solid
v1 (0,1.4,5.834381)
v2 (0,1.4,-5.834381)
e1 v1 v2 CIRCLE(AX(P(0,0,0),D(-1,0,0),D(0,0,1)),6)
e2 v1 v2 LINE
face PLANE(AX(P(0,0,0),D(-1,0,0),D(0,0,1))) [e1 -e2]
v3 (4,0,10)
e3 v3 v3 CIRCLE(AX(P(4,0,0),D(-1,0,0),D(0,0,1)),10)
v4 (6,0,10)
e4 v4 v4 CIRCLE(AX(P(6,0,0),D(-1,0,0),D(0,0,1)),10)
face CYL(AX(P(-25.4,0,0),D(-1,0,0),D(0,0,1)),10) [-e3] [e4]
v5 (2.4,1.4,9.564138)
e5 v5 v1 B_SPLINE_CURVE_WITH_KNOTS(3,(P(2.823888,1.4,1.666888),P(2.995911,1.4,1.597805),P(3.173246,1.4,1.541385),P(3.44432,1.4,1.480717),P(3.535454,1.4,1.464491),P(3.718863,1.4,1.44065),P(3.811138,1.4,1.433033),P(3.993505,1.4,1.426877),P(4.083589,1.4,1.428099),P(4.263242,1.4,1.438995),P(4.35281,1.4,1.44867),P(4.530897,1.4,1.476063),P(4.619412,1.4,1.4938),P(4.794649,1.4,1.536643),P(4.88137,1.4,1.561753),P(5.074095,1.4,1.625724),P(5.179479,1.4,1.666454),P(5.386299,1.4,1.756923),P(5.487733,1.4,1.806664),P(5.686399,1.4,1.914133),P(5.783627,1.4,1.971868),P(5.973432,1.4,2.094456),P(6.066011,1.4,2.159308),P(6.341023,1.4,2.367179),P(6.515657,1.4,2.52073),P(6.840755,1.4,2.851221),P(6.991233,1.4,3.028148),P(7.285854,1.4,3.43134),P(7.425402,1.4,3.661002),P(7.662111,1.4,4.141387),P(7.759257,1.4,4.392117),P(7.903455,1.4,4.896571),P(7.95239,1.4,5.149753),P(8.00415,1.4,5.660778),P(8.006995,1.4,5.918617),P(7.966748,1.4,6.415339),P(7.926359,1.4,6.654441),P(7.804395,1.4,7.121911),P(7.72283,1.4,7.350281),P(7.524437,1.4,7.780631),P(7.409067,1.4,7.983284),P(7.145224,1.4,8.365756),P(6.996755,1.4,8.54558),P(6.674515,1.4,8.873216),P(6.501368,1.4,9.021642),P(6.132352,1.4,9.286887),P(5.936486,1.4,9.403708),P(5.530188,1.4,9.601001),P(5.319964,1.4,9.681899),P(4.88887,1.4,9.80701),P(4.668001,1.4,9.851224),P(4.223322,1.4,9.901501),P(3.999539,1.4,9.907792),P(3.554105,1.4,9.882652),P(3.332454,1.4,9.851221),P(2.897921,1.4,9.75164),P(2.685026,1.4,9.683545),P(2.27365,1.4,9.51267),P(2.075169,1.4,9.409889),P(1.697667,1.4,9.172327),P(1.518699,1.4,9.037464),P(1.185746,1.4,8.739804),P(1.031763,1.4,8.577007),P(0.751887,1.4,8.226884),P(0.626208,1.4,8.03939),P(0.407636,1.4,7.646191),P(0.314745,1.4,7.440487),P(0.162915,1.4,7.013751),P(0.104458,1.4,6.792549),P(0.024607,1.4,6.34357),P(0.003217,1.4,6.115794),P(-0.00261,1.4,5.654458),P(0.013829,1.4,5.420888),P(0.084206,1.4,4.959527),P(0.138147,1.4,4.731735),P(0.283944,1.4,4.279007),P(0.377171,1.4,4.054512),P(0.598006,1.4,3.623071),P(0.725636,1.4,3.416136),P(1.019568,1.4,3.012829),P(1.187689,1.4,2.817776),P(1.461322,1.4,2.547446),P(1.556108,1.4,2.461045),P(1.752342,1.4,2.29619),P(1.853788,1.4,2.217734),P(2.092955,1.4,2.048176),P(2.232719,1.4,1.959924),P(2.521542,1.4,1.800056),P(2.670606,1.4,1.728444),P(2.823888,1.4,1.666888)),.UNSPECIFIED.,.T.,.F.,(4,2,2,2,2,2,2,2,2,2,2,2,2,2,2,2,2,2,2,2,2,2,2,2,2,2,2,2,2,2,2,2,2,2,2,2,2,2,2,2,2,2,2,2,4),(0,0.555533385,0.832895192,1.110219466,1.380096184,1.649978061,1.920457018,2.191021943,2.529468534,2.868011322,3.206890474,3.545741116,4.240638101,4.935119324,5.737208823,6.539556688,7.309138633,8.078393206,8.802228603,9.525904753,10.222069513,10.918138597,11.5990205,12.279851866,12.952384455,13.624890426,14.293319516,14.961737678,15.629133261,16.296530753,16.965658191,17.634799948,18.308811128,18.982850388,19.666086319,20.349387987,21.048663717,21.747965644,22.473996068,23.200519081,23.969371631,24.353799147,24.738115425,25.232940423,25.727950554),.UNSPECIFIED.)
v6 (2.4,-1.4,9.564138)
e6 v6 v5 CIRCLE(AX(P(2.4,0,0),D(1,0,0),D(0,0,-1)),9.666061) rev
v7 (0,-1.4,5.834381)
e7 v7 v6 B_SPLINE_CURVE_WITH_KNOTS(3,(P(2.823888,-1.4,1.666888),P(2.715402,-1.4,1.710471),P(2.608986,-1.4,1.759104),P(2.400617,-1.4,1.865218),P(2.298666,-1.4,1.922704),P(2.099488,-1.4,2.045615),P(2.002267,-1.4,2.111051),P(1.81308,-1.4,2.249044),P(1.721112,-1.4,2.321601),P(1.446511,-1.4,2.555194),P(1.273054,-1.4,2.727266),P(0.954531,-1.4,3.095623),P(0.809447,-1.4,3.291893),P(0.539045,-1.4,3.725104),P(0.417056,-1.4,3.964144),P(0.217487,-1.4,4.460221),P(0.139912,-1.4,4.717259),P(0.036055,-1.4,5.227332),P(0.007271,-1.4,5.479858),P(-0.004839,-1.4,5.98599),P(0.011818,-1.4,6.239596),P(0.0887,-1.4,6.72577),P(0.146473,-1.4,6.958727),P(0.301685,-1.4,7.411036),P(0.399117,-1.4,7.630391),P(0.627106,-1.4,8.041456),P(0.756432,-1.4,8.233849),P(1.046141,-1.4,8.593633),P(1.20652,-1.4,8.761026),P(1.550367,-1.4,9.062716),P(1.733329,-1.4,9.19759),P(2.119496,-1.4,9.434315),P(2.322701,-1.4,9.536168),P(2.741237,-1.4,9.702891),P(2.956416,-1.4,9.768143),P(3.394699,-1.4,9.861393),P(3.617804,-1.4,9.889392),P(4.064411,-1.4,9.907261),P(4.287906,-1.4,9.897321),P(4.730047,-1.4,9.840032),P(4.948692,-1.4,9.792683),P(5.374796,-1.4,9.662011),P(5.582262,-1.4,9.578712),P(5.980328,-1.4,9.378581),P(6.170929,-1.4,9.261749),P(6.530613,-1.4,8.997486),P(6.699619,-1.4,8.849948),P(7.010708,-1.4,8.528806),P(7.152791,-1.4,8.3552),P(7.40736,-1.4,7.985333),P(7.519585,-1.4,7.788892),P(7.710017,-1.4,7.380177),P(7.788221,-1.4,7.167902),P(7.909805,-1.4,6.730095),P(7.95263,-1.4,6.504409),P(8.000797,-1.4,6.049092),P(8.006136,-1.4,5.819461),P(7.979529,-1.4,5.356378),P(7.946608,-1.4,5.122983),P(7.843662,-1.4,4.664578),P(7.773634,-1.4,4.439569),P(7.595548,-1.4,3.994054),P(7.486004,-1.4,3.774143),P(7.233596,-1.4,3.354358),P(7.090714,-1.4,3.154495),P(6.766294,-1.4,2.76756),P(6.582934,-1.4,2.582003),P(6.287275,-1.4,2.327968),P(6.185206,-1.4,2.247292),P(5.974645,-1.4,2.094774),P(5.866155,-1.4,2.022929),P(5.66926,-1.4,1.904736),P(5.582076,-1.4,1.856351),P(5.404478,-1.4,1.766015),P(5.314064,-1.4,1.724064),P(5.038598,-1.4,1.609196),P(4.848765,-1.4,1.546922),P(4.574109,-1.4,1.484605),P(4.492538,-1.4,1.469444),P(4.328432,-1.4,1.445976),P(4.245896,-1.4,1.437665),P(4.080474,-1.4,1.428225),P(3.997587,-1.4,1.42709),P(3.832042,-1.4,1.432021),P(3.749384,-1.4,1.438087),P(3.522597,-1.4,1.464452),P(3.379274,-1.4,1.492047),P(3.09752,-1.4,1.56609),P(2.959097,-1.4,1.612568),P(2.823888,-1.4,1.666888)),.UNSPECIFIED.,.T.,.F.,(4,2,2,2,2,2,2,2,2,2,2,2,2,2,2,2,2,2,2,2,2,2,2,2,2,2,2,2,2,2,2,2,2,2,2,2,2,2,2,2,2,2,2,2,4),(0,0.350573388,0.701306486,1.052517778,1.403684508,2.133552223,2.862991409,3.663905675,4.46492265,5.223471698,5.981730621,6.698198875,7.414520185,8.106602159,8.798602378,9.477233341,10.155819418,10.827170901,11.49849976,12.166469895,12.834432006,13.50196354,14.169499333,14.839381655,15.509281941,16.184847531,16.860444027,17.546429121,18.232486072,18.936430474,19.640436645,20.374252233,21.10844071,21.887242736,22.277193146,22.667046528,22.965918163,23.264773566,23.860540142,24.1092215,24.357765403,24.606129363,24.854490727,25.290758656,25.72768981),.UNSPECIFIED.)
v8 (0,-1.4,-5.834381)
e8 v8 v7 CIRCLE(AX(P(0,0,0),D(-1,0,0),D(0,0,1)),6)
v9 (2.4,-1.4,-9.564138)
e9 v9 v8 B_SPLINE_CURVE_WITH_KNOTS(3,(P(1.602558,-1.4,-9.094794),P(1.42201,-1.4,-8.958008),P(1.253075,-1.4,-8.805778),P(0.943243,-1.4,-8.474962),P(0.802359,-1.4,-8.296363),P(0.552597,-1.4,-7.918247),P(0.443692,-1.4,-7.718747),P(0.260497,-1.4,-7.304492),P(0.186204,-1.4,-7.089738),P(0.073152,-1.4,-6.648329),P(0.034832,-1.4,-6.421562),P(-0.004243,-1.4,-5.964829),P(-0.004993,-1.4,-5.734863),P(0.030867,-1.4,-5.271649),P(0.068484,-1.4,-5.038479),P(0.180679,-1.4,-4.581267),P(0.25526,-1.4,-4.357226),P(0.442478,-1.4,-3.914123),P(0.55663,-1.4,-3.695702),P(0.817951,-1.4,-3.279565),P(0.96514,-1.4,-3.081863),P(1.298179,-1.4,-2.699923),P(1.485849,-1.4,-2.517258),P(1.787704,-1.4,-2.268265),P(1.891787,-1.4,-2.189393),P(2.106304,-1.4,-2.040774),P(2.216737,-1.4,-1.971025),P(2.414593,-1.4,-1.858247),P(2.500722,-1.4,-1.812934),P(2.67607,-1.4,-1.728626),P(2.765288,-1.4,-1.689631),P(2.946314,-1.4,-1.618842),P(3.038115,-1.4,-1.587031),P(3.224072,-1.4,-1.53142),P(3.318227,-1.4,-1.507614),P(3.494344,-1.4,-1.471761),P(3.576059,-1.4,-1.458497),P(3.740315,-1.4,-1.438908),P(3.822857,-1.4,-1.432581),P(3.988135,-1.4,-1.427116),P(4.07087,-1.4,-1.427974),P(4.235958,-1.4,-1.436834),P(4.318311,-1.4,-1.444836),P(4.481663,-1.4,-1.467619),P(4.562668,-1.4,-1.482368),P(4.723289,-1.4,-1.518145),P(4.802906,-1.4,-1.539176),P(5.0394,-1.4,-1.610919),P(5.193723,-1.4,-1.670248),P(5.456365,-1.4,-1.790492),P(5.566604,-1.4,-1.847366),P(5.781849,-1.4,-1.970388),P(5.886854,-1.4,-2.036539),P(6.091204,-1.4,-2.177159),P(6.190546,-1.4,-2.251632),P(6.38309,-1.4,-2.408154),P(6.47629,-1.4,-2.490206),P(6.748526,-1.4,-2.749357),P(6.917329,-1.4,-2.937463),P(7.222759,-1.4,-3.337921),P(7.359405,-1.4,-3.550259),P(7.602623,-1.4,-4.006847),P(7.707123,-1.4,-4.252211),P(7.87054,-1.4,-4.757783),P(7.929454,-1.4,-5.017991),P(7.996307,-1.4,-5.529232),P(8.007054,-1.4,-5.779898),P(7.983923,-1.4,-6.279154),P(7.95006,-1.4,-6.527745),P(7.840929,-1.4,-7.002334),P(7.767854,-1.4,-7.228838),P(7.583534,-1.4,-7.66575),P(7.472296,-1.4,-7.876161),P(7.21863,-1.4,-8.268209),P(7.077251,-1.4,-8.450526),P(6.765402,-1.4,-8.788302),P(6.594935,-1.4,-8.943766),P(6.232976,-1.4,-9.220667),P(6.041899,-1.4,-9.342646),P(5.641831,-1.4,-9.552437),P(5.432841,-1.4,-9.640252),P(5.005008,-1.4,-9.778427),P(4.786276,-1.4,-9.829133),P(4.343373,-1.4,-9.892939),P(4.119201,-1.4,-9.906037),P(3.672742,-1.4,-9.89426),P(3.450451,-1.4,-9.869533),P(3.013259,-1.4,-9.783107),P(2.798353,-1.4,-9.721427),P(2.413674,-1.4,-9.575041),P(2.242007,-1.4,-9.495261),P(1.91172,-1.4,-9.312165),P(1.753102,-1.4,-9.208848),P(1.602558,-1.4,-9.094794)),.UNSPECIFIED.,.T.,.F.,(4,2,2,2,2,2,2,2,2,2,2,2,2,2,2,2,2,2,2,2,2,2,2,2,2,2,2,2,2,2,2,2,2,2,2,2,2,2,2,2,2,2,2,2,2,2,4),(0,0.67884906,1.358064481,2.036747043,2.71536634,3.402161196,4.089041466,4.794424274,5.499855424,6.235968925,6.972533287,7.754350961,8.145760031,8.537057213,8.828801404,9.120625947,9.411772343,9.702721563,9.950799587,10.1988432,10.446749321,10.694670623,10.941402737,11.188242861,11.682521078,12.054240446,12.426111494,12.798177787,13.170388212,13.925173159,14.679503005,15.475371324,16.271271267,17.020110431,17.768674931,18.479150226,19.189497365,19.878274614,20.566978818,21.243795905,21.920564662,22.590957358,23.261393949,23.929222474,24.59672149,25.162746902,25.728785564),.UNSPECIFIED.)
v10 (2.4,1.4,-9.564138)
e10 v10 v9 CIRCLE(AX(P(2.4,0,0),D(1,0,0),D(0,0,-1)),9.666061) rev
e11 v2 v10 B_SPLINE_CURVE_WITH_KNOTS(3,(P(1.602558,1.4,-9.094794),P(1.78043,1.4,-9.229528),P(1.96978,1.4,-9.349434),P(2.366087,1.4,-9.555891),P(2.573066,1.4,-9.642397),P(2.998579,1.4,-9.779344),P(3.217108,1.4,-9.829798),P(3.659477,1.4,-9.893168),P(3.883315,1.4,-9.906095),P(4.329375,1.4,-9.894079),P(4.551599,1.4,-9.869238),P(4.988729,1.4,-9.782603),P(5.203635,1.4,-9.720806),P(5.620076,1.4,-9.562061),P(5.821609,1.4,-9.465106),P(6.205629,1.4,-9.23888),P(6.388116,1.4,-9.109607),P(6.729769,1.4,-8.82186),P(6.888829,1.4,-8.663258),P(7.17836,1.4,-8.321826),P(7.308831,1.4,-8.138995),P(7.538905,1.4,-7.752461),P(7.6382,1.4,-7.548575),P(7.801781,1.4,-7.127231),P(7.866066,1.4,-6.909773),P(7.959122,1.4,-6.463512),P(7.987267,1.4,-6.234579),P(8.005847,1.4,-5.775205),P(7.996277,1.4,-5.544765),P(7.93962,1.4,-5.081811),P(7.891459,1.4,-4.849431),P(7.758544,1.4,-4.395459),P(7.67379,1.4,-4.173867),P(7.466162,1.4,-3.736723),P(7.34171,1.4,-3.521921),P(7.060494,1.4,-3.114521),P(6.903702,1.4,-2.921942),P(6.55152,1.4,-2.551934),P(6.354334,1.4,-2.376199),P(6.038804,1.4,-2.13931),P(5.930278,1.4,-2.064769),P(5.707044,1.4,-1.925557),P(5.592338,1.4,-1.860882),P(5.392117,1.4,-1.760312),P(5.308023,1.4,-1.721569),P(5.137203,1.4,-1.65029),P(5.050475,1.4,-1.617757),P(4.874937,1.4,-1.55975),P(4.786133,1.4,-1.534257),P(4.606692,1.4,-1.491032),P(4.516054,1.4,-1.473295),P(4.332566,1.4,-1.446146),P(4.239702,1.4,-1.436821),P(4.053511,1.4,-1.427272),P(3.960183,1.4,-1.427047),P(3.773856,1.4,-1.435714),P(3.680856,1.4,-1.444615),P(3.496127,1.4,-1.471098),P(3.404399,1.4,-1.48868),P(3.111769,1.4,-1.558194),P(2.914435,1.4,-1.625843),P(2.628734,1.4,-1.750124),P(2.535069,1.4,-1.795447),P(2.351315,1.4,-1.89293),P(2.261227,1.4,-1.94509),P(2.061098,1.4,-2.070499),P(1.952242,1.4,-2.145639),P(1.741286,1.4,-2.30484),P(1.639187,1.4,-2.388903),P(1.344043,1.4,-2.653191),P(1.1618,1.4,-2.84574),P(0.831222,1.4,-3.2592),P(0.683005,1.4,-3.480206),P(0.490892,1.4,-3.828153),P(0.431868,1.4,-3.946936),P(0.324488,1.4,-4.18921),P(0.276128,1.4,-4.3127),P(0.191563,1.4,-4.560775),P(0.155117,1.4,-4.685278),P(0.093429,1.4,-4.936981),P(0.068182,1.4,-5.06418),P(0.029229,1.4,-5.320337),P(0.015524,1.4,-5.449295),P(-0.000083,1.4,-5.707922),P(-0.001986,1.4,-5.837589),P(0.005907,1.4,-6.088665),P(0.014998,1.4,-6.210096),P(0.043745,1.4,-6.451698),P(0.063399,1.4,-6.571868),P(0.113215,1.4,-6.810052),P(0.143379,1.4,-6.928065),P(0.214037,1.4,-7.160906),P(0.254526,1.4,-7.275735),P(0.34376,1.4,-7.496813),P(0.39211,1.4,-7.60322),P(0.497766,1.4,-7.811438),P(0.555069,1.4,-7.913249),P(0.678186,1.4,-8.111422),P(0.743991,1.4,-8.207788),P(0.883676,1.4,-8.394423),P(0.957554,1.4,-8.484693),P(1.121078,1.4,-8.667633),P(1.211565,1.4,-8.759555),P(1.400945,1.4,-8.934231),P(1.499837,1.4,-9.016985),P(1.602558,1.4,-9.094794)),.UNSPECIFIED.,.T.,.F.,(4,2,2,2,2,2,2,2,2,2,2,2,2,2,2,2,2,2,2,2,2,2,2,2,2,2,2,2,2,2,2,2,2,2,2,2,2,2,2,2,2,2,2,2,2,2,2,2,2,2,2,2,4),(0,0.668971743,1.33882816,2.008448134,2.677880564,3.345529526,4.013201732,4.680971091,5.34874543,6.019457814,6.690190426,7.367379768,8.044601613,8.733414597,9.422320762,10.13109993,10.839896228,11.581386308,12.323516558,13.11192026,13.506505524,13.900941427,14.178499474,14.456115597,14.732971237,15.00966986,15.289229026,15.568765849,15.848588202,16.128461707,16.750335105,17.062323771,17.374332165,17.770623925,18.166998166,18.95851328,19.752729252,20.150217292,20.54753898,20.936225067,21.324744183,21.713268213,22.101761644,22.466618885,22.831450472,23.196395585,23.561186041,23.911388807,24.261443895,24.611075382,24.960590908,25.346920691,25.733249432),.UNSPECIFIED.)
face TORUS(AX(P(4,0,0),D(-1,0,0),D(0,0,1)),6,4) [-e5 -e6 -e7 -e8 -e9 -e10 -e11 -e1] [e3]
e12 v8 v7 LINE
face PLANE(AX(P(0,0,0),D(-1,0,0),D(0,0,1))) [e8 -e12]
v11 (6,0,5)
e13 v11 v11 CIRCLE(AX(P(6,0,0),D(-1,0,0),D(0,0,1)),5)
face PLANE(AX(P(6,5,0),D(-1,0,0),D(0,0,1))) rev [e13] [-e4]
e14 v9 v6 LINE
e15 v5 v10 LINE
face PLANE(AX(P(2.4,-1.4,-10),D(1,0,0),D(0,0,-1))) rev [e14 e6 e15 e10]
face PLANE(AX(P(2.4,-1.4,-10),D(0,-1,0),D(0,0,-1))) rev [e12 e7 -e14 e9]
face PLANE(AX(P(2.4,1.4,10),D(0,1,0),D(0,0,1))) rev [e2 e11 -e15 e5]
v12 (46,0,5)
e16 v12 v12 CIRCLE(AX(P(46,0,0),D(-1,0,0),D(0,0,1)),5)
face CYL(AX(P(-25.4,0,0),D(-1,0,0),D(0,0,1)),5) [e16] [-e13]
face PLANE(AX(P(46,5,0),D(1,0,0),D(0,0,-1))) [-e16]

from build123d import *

# Parameters (mm, degrees)
SKETCH2_W  = 20
SKETCH2_H  = 2.8
SLOT_DEPTH = 2.4


with BuildPart() as part:
    # BodySke → Base-Revolve (revolve)
    with BuildSketch(Plane.XY, mode=Mode.PRIVATE) as base_revolve_sk:
        with BuildLine():
            Line((6, 5), (6, 10))
            Line((6, 10), (4, 10))
            ThreePointArc((4, 10), (1.171572875, 8.828427125), (0, 6))
            Line((0, 6), (0, 0))
            Line((0, 0), (46, 0))
            Line((46, 0), (46, 5))
            Line((46, 5), (6, 5))
        make_face()
    revolve(base_revolve_sk.sketch.rotate(Axis((-25.4, 0, 0), (1, 0, 0)), 90), axis=Axis((-25.4, 0, 0), (1, 0, 0)))

    # Sketch2 → Slot (cut)
    with BuildSketch(Plane(origin=(0, 0, 0), x_dir=(0, 0, -1), z_dir=(1, 0, 0))):
        Rectangle(SKETCH2_W, SKETCH2_H)
    extrude(amount=SLOT_DEPTH, mode=Mode.SUBTRACT)


solid = part.part
